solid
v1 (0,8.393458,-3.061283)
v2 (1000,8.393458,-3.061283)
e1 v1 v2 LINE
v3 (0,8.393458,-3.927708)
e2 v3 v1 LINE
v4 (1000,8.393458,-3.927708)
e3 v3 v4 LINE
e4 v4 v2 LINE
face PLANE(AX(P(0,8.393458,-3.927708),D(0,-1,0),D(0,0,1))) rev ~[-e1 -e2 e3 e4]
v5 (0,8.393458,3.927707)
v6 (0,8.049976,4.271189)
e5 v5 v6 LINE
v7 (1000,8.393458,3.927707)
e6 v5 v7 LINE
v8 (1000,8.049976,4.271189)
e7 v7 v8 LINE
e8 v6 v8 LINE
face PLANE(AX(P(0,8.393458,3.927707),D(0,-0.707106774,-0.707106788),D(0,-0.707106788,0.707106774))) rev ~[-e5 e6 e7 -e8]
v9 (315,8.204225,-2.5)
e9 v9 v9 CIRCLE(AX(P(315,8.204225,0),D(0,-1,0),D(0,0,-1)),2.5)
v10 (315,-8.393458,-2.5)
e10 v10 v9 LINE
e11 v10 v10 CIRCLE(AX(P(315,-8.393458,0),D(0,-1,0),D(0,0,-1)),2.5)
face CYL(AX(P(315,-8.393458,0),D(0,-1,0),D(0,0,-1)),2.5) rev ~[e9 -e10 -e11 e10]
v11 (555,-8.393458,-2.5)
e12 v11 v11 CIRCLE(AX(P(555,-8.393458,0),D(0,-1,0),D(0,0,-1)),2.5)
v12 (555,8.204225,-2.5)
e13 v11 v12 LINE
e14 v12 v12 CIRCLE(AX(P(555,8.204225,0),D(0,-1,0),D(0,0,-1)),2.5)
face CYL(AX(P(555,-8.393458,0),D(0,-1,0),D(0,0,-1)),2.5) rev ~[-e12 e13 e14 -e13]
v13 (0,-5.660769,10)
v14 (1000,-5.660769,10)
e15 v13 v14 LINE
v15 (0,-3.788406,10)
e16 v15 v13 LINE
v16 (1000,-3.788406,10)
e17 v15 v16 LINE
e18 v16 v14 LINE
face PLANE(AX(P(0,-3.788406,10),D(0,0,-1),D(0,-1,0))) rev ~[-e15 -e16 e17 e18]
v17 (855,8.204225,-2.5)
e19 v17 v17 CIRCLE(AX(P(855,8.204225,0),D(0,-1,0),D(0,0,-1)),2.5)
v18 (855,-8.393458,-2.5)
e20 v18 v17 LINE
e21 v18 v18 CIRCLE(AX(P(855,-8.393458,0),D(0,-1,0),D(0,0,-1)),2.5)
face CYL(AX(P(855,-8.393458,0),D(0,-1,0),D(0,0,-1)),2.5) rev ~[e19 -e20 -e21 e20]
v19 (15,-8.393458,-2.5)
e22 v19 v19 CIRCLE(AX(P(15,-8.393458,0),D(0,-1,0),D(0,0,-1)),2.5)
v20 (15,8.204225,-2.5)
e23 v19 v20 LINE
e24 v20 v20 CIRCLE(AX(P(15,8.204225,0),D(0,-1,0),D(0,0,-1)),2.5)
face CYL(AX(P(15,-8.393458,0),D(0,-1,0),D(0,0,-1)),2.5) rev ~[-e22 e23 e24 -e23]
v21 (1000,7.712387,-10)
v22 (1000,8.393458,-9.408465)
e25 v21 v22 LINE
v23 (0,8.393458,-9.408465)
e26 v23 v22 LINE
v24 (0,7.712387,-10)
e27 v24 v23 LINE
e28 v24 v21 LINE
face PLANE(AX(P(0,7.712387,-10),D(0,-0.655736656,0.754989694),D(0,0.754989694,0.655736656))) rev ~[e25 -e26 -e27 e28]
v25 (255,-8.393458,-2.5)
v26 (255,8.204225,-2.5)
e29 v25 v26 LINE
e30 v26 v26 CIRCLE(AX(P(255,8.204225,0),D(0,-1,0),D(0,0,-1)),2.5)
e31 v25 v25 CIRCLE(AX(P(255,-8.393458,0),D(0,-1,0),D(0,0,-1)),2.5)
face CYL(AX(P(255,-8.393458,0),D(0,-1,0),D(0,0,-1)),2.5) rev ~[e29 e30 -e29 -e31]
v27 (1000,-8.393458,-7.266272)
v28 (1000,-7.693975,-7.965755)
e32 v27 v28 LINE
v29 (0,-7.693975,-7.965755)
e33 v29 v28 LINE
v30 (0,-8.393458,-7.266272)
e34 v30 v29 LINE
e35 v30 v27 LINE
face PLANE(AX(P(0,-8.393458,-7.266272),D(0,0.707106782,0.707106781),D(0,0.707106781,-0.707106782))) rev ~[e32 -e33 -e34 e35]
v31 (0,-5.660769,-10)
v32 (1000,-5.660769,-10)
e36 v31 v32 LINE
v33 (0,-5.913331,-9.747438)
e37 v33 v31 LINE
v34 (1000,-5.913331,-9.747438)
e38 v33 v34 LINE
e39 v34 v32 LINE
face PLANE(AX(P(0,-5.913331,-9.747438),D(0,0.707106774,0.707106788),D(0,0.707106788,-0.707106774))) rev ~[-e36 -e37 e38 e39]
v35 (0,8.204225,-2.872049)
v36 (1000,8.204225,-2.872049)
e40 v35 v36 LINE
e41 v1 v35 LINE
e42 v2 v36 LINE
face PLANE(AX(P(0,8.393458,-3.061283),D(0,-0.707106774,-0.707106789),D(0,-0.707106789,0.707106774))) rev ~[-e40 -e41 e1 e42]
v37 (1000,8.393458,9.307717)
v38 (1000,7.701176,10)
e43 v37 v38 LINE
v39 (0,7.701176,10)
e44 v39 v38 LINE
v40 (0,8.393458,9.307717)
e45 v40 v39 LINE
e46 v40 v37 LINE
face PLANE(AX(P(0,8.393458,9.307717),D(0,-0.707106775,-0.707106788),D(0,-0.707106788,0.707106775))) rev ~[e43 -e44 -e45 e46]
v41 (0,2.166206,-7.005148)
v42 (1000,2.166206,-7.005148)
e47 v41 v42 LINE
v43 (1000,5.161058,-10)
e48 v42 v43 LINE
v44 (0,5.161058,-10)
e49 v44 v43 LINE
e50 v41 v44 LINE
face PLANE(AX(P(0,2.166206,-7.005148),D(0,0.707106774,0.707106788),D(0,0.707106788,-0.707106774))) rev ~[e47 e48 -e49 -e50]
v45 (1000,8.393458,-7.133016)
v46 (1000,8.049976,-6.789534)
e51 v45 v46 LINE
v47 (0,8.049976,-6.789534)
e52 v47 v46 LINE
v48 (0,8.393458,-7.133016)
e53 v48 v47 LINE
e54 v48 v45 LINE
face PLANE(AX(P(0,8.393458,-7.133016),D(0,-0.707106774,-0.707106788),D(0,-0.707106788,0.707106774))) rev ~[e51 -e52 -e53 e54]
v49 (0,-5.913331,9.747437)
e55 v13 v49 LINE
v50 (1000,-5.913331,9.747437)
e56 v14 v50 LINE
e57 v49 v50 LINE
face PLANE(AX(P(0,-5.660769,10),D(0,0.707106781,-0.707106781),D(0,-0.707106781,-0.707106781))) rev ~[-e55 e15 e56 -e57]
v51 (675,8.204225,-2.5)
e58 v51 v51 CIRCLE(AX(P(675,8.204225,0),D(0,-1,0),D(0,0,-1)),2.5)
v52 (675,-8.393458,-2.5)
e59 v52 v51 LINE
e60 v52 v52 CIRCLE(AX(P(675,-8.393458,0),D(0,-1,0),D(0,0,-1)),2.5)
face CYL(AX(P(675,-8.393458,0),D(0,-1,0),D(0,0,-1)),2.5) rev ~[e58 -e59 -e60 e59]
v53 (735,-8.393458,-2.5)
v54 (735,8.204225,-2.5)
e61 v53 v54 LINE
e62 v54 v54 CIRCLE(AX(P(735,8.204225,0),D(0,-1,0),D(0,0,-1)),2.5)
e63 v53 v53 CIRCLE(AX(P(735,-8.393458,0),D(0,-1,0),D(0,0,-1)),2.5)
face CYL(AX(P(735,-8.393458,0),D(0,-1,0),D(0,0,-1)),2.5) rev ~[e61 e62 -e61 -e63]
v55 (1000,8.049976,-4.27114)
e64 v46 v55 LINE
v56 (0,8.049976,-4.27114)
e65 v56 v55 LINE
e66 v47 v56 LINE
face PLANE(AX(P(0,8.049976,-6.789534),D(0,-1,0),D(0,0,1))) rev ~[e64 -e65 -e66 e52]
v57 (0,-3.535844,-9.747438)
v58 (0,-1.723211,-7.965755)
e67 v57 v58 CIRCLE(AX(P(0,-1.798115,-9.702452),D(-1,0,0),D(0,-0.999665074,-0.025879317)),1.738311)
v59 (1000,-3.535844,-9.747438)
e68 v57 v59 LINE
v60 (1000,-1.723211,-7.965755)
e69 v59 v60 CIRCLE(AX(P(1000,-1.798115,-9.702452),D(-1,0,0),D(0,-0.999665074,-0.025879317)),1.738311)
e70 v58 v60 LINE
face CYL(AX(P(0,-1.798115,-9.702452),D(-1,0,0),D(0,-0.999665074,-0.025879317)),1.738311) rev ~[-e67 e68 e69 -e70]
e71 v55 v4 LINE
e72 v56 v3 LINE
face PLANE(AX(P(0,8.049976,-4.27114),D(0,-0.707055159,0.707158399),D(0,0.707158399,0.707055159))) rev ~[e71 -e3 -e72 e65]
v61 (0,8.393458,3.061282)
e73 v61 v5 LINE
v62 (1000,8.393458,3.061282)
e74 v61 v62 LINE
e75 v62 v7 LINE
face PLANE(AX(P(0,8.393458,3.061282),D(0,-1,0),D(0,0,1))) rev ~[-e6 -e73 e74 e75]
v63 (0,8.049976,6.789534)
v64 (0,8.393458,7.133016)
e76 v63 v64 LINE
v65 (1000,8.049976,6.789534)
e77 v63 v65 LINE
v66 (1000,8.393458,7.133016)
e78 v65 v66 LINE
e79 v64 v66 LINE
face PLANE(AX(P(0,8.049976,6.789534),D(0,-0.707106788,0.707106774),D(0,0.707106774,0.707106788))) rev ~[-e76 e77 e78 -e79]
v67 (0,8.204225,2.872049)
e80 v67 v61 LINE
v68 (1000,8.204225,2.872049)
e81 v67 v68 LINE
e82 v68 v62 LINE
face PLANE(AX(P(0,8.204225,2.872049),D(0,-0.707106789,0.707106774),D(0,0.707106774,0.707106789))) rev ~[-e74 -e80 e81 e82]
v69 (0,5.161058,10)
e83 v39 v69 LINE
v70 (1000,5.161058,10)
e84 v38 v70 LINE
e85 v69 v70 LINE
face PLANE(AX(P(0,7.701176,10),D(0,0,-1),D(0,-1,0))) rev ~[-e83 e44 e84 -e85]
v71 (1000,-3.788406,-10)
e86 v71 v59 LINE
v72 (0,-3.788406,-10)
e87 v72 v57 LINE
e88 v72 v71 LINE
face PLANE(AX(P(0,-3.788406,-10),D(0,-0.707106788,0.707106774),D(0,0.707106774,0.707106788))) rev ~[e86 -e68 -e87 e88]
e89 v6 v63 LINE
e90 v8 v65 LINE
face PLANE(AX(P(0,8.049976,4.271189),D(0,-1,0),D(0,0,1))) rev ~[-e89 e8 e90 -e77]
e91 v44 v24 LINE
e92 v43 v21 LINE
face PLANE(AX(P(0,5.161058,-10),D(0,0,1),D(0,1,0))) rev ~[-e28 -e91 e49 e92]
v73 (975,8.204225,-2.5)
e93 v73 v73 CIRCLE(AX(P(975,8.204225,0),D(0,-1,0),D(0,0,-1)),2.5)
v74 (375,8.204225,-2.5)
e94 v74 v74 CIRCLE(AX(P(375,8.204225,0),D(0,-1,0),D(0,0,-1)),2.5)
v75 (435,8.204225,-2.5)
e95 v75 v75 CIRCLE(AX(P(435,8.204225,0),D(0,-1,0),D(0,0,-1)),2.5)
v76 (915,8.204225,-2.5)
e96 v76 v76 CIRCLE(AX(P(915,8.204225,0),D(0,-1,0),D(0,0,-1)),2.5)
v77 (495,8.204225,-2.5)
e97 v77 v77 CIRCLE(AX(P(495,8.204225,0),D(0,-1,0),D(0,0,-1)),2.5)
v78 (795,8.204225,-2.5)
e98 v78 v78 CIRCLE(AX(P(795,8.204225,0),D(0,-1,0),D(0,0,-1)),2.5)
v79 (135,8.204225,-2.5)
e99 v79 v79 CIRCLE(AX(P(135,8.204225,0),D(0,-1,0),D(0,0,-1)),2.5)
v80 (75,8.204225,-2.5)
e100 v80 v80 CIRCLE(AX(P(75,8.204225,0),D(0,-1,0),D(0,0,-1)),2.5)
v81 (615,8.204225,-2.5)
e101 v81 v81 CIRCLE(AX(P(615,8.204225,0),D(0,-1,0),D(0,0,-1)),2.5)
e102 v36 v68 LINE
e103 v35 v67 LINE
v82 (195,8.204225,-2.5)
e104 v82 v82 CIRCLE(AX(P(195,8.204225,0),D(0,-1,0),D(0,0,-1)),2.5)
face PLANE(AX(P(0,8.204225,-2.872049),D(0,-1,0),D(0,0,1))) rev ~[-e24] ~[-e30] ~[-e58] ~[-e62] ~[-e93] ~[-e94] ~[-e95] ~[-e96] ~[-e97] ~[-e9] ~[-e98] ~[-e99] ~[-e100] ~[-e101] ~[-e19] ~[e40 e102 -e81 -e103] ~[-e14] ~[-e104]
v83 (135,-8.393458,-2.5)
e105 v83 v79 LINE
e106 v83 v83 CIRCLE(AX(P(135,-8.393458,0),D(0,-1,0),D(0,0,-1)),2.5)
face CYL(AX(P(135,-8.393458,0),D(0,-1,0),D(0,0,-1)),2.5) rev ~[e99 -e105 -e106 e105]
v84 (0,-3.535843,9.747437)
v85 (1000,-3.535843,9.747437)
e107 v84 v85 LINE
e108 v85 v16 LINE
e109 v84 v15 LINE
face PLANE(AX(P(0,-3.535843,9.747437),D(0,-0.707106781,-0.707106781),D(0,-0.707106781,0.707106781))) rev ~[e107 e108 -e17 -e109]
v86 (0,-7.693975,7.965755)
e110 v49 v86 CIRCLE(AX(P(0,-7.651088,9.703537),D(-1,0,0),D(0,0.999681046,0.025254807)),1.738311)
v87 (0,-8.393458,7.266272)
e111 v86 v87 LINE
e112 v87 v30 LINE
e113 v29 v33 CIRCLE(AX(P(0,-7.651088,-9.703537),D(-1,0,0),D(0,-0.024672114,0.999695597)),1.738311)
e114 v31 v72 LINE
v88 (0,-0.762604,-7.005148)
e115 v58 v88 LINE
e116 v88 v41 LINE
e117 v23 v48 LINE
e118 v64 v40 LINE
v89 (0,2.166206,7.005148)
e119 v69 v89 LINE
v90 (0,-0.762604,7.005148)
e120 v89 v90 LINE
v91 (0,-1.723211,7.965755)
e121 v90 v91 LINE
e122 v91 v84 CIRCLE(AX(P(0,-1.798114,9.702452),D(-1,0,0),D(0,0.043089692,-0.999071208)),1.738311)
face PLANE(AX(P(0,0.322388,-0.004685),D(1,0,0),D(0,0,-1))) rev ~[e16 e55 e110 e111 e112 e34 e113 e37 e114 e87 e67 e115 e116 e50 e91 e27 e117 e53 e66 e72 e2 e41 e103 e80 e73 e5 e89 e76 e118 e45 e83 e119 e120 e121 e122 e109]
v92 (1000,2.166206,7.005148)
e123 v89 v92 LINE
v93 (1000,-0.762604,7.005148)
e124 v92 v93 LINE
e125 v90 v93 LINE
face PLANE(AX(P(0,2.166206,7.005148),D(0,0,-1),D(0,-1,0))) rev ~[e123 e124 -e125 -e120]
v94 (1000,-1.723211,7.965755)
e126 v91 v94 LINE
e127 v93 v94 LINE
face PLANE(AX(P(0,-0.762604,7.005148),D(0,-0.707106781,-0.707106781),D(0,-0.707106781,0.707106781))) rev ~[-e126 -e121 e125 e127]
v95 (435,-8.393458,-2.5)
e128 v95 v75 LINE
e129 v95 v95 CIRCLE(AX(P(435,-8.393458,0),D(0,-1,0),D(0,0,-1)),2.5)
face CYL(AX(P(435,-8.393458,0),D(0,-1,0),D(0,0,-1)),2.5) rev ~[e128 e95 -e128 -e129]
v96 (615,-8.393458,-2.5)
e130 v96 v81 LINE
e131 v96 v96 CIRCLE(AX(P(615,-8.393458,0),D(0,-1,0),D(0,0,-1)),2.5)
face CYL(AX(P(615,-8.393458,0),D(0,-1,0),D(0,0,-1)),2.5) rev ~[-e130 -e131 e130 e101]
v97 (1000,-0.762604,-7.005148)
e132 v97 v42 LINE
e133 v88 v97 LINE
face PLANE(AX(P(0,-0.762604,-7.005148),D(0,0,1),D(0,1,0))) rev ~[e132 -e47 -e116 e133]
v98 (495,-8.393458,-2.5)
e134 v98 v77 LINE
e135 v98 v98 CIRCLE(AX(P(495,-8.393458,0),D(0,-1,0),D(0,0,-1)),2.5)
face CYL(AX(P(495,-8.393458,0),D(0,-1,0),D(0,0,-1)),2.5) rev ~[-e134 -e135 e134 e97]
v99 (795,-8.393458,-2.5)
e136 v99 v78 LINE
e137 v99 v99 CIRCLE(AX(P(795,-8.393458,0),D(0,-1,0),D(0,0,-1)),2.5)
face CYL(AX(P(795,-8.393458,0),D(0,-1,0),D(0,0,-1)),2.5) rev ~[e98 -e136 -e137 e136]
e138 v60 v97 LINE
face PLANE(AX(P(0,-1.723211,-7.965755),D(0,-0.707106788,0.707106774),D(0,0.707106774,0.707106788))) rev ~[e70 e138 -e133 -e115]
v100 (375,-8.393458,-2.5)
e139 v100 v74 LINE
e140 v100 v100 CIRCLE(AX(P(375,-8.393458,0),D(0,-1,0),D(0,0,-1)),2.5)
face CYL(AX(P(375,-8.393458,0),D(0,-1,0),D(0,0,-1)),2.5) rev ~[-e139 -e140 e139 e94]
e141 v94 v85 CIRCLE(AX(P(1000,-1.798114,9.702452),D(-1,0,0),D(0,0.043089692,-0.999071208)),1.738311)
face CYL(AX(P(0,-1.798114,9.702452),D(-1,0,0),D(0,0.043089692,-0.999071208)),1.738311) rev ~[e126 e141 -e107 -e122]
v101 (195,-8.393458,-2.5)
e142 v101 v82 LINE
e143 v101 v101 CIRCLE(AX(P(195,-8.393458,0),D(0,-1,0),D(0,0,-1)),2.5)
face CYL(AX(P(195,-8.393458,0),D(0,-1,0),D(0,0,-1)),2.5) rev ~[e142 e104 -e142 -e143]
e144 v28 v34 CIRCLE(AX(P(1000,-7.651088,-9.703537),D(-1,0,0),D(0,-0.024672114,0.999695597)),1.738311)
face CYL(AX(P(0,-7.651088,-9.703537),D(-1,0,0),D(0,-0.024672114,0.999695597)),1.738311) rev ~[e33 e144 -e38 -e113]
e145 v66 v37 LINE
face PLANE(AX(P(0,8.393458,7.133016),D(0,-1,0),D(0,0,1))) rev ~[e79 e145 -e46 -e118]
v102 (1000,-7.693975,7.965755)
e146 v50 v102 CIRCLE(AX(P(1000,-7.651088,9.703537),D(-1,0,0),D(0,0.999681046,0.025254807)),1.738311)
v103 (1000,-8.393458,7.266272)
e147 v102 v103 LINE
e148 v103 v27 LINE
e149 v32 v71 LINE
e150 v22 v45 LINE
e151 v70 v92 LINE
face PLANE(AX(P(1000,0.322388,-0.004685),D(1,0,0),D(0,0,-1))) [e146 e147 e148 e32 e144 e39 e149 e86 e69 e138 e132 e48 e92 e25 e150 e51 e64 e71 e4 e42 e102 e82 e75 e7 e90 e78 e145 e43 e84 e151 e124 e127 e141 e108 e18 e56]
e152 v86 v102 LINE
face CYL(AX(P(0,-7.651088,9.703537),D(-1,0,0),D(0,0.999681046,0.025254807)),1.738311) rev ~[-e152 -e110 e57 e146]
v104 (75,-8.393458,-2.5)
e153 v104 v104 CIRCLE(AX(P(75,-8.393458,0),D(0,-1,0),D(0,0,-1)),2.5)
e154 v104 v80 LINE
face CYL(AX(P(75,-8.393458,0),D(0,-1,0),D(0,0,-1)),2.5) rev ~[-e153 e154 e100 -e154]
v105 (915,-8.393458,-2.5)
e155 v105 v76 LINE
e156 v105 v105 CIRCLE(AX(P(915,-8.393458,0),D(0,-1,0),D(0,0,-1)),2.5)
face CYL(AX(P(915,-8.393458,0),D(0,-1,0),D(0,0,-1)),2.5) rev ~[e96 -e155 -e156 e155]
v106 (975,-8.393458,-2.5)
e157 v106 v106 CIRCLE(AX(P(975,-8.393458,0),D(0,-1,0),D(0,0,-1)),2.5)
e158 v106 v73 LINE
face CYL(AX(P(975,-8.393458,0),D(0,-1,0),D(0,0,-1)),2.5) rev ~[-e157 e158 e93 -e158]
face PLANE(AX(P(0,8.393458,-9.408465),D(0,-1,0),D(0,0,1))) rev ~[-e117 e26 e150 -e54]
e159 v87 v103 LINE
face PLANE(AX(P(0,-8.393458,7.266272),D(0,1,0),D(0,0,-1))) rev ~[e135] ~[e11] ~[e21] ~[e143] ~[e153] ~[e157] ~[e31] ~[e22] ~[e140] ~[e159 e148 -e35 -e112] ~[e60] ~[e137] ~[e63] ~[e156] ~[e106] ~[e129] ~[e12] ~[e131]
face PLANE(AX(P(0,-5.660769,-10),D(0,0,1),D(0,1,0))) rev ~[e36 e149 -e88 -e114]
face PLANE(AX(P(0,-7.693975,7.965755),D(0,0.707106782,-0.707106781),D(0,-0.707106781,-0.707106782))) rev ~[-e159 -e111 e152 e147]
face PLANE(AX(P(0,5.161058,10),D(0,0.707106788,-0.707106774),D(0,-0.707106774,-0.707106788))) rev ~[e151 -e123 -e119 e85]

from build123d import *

# Parameters (mm, degrees)
BOSS_EXTRUDE1_DEPTH   = 1000
CROQUIS1_R            = 2.5
CORTAR_EXTRUIR1_DEPTH = 1001.190882073
MATRIZL1_COUNT        = 17
MATRIZL1_PITCH        = 60


with BuildPart() as part:
    # Sketch1 → Boss-Extrude1 (new body)
    with BuildSketch(Plane(origin=(0, 0, 0), x_dir=(0, 0, -1), z_dir=(1, 0, 0))):
        with BuildLine():
            Line((-7.965754986, -7.693975449), (-7.266272068, -8.393458366))
            Line((-7.266272068, -8.393458366), (7.266272068, -8.393458366))
            Line((7.266272068, -8.393458366), (7.965754986, -7.693975449))
            ThreePointArc((7.965754986, -7.693975449), (8.474723757, -6.421557866), (9.747437917, -5.913331162))
            Line((9.747437917, -5.913331162), (10.000000437, -5.660768637))
            Line((10.000000437, -5.660768637), (10.000000437, -3.788406023))
            Line((10.000000437, -3.788406023), (9.747437912, -3.535843503))
            ThreePointArc((9.747437912, -3.535843503), (8.462742055, -3.016656911), (7.965755402, -1.72321096))
            Line((7.965755402, -1.72321096), (7.005148341, -0.762603918))
            Line((7.005148341, -0.762603918), (7.005148341, 2.166206023))
            Line((7.005148341, 2.166206023), (10.000000347, 5.161058089))
            Line((10.000000347, 5.161058089), (10.000000347, 7.712387211))
            Line((10.000000347, 7.712387211), (9.408464779, 8.393458268))
            Line((9.408464779, 8.393458268), (7.133016457, 8.393458268))
            Line((7.133016457, 8.393458268), (6.789534443, 8.049976247))
            Line((6.789534443, 8.049976247), (4.271139656, 8.049976247))
            Line((4.271139656, 8.049976247), (3.927707784, 8.393458265))
            Line((3.927707784, 8.393458265), (3.061282509, 8.393458265))
            Line((3.061282509, 8.393458265), (2.872049327, 8.204225079))
            Line((2.872049327, 8.204225079), (-2.87204886, 8.204225079))
            Line((-2.87204886, 8.204225079), (-3.061282046, 8.393458261))
            Line((-3.061282046, 8.393458261), (-3.927707321, 8.393458261))
            Line((-3.927707321, 8.393458261), (-4.271189216, 8.049976359))
            Line((-4.271189216, 8.049976359), (-6.789534095, 8.049976359))
            Line((-6.789534095, 8.049976359), (-7.133016116, 8.393458373))
            Line((-7.133016116, 8.393458373), (-9.30771733, 8.393458373))
            Line((-9.30771733, 8.393458373), (-10, 7.70117569))
            Line((-10, 7.70117569), (-10, 5.161058187))
            Line((-10, 5.161058187), (-7.005147934, 2.166206181))
            Line((-7.005147934, 2.166206181), (-7.005147934, -0.76260376))
            Line((-7.005147934, -0.76260376), (-7.965754986, -1.723210812))
            ThreePointArc((-7.965754986, -1.723210812), (-8.462741848, -3.016656549), (-9.747437477, -3.535843372))
            Line((-9.747437477, -3.535843372), (-10, -3.788405895))
            Line((-10, -3.788405895), (-10, -5.660768509))
            Line((-10, -5.660768509), (-9.747437477, -5.913331032))
            ThreePointArc((-9.747437477, -5.913331032), (-8.474723558, -6.421557943), (-7.965754986, -7.693975449))
        make_face()
    extrude(amount=BOSS_EXTRUDE1_DEPTH)

    # Croquis1 → Cortar-Extruir1 (cut, through all)
    with BuildSketch(Plane(origin=(0, -8.393458366, 0), x_dir=(-1, 0, 0), z_dir=(0, -1, 0))):
        with Locations(Location((-15, 0, 0), (0, 0, 90))):
            Circle(CROQUIS1_R)
    cortar_extruir1 = extrude(amount=-CORTAR_EXTRUIR1_DEPTH, mode=Mode.SUBTRACT)

    # MatrizL1: Cortar-Extruir1 ×17
    with Locations(*[(i * MATRIZL1_PITCH, 0, 0) for i in range(1, MATRIZL1_COUNT)]):
        add(cortar_extruir1, mode=Mode.SUBTRACT)


solid = part.part
